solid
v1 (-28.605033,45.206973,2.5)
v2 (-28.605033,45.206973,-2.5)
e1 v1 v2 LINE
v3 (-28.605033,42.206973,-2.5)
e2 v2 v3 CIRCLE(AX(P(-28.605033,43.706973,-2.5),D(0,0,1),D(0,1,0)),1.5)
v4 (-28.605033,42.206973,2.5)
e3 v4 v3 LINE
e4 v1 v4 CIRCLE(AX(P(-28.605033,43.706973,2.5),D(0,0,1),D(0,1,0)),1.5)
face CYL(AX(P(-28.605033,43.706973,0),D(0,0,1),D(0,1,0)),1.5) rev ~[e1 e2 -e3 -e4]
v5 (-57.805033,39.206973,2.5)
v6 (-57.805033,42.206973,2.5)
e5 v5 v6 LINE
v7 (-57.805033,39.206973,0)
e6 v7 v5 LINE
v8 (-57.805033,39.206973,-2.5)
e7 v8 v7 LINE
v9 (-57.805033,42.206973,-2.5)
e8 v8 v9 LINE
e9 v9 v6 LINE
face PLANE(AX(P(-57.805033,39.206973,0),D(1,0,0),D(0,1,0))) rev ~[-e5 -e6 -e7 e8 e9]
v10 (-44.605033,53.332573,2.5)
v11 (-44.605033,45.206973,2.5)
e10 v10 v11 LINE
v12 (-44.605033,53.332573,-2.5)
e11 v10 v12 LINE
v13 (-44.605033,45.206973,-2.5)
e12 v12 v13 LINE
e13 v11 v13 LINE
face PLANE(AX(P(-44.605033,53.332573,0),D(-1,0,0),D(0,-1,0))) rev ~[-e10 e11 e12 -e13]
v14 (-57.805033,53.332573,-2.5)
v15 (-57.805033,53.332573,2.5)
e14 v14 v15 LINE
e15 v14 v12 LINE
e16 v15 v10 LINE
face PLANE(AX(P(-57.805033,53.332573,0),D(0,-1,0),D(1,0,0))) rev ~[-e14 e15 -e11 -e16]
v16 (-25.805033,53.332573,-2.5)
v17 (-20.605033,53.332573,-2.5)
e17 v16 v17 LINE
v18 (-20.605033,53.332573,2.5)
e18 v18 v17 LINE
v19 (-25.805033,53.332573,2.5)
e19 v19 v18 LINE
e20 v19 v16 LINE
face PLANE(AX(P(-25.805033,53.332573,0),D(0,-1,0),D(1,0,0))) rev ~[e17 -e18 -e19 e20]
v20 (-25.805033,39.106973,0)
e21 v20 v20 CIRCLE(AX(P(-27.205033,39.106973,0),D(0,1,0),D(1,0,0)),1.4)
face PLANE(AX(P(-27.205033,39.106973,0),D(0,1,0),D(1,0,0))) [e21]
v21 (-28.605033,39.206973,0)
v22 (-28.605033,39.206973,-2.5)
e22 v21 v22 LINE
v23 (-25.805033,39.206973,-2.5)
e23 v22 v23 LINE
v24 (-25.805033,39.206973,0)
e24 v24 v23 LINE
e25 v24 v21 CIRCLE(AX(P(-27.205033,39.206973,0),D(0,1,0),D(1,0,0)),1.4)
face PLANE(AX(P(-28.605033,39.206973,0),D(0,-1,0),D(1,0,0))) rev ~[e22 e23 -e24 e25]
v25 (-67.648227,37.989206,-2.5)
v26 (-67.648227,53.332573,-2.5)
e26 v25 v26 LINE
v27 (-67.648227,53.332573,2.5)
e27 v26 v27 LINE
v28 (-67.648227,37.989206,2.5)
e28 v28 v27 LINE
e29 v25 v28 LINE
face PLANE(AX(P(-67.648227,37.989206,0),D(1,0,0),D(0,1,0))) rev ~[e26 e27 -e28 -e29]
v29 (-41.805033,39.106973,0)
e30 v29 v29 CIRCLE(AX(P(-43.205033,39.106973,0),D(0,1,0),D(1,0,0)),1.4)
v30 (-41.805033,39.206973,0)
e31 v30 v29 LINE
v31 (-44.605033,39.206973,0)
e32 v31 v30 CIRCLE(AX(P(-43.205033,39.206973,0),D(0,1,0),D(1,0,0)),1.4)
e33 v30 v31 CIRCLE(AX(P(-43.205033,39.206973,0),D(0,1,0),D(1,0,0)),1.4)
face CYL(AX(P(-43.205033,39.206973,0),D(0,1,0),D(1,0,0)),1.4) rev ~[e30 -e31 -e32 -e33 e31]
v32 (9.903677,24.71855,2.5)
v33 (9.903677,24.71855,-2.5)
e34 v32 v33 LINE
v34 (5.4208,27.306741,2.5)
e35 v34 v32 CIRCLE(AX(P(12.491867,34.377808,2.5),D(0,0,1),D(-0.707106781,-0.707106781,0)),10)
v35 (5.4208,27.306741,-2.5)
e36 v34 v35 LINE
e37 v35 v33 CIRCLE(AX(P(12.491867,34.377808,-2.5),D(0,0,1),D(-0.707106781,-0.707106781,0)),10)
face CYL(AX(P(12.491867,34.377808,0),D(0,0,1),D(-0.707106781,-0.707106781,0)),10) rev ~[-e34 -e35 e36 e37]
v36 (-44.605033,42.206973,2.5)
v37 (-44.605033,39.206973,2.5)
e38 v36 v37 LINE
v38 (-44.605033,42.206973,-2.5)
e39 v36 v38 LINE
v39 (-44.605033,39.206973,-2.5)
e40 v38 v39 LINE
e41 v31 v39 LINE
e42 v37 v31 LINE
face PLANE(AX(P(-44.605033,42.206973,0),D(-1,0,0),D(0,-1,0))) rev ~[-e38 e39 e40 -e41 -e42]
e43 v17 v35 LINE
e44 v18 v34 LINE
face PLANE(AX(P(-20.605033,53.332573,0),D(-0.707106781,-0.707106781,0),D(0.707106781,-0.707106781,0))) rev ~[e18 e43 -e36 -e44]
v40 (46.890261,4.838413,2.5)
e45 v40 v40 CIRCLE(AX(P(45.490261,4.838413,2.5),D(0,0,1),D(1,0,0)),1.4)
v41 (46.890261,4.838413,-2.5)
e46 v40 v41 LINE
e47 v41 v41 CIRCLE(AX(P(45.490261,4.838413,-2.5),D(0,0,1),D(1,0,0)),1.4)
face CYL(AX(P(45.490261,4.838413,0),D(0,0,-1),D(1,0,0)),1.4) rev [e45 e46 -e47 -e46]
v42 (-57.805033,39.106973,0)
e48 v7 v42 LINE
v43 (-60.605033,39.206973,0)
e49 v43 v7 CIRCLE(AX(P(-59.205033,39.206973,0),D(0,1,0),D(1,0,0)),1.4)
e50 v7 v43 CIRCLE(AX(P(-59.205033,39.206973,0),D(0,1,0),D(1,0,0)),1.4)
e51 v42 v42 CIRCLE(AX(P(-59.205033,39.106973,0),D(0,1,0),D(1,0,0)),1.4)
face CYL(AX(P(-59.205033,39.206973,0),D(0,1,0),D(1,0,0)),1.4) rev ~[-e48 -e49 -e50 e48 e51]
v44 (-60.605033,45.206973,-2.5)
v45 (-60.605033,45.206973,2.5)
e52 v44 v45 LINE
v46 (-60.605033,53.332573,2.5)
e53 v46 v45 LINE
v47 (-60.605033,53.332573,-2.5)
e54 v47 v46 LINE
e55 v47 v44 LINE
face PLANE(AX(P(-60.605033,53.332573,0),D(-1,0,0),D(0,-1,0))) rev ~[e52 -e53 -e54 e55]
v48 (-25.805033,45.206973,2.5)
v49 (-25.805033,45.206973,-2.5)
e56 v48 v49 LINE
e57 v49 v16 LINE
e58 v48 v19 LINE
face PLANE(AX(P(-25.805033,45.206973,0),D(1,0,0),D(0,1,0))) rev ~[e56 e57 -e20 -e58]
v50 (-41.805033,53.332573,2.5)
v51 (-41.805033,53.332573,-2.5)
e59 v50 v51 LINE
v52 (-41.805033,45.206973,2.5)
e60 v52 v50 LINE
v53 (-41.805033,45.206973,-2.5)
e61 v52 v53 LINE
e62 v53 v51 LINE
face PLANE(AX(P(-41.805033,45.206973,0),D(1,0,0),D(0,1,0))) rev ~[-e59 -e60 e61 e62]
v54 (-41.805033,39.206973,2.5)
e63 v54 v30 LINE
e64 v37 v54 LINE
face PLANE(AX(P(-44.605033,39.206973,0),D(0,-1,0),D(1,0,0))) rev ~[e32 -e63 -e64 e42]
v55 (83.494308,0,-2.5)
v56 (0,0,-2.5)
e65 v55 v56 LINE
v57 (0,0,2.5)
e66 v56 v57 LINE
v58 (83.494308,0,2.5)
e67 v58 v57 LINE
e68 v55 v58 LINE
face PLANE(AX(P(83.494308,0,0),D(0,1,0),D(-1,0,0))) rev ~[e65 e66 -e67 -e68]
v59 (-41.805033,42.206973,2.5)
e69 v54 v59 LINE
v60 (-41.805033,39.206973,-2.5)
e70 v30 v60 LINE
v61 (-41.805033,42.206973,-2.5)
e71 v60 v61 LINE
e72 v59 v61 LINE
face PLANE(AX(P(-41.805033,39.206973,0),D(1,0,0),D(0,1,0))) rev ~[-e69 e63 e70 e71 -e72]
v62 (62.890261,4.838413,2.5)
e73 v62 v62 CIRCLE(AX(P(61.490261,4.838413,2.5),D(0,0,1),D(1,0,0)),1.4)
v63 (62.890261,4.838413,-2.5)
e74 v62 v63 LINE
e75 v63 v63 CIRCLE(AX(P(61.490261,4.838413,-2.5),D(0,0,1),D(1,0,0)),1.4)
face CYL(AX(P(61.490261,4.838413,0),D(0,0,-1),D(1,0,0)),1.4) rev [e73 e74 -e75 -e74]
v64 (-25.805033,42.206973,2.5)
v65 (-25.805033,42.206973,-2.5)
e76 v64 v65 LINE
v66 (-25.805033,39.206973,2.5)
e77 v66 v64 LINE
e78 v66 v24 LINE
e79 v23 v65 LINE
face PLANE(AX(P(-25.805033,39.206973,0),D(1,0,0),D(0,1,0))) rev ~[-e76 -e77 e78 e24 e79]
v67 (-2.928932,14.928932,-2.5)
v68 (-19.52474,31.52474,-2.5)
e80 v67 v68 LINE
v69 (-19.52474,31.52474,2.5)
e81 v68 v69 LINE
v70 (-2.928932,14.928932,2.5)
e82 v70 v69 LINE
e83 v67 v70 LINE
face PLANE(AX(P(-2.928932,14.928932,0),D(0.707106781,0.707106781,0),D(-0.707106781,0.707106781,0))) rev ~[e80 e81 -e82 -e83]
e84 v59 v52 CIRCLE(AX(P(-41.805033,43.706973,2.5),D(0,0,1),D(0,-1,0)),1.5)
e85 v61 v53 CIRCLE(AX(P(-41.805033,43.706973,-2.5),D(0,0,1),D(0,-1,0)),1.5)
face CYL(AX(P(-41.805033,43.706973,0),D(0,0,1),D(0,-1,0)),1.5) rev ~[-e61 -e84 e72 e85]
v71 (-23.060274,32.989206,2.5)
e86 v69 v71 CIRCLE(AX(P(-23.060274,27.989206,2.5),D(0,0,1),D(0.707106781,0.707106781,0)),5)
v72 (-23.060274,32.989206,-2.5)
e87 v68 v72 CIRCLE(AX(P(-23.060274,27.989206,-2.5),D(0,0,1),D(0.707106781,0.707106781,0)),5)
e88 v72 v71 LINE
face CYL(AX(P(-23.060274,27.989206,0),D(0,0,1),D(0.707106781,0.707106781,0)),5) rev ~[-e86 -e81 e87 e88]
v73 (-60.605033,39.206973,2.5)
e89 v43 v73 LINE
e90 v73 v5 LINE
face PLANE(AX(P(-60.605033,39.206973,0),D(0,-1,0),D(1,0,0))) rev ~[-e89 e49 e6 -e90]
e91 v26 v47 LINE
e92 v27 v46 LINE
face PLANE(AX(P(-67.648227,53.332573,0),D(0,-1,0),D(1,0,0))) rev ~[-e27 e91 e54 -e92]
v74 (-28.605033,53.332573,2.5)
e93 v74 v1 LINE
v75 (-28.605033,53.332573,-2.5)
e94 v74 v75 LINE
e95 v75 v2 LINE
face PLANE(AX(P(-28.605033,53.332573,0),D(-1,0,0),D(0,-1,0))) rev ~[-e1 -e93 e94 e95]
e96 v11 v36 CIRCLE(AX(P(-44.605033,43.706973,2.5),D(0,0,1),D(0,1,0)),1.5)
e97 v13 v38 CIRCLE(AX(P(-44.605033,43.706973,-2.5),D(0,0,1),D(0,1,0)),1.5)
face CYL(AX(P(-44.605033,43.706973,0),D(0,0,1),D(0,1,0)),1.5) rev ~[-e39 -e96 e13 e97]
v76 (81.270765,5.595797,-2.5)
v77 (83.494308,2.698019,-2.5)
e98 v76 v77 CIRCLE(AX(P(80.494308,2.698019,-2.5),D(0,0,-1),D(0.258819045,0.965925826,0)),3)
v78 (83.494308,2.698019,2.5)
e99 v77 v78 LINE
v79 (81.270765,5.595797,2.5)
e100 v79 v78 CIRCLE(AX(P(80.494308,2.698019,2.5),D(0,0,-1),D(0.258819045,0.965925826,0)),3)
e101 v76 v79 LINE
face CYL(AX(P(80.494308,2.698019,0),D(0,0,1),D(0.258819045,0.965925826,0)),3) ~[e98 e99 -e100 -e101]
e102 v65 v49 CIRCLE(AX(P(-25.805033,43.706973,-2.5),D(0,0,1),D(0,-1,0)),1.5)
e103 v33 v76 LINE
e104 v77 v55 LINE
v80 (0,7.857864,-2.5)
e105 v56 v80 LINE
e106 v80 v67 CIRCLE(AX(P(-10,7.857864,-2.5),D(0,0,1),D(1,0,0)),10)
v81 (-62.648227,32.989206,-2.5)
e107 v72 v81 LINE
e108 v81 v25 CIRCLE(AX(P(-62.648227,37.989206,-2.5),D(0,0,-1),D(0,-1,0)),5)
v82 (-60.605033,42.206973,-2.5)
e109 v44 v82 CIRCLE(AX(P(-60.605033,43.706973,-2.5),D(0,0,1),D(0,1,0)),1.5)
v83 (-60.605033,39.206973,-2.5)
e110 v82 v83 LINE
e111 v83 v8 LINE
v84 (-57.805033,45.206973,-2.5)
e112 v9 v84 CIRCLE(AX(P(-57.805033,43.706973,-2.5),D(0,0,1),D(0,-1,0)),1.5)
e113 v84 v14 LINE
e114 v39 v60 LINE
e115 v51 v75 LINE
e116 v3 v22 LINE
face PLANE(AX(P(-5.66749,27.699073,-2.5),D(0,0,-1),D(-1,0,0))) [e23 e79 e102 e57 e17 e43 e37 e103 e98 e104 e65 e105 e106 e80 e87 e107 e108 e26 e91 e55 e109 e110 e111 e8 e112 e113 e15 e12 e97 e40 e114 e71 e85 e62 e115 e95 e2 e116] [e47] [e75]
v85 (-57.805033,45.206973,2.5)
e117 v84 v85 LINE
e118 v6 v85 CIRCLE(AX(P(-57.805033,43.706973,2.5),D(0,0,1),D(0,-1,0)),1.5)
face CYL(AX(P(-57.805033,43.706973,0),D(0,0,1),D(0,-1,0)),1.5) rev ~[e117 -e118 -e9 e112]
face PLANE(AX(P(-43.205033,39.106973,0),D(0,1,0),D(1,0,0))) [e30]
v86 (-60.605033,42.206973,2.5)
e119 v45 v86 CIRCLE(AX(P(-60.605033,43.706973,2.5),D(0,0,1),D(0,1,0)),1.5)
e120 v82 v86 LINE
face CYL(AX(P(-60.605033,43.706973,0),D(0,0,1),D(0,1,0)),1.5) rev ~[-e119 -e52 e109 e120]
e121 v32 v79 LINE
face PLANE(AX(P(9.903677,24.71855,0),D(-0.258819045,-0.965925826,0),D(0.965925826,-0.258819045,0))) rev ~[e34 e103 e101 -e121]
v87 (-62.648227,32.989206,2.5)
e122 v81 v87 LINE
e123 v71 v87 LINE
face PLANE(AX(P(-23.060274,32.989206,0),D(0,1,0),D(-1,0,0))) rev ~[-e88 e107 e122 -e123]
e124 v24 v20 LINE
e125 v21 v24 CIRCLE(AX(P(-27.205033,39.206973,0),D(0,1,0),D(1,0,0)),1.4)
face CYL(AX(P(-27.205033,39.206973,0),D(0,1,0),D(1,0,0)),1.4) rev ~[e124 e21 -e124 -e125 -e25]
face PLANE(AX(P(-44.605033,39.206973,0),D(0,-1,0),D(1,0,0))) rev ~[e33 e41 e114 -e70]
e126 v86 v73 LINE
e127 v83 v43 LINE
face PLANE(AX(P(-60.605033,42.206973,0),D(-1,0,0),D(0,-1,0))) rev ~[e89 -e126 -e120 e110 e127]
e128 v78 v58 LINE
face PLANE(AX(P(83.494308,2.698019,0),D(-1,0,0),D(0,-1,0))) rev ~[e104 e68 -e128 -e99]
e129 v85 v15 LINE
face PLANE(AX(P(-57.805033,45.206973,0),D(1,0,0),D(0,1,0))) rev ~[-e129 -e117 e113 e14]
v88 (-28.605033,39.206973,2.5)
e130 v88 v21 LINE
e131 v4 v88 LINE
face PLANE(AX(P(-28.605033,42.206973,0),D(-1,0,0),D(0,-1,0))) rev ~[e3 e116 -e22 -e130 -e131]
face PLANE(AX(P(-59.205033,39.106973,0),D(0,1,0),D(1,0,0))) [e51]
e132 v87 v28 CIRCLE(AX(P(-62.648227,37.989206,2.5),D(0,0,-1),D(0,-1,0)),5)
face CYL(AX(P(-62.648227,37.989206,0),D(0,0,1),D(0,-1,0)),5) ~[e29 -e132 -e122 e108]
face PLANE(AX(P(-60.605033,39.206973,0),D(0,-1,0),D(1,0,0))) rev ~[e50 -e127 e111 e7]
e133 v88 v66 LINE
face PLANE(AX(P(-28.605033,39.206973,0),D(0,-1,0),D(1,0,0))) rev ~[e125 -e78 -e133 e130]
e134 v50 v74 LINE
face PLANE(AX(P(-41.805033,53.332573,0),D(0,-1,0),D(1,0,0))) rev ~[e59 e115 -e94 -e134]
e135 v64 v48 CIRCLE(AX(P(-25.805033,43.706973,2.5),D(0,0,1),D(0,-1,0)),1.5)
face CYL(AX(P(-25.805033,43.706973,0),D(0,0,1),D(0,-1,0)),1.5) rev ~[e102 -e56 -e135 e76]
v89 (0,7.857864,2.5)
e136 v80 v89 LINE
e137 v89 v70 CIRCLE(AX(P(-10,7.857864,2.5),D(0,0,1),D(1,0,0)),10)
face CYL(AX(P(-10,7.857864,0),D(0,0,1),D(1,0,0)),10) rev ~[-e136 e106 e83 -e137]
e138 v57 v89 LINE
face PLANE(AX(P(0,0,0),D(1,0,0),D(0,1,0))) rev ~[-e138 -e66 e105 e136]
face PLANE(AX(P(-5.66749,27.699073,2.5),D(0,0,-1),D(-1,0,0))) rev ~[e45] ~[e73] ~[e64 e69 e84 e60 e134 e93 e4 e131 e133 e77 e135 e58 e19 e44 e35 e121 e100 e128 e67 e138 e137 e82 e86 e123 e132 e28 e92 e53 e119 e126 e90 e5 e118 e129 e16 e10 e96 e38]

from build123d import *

# Parameters (mm, degrees)
SKETCH_1_R          = 1.4
EXTRUDE_1_DEPTH     = 2.5
SKETCH_2_R          = 1.4
CUT_EXTRUDE_1_DEPTH = 0.1


with BuildPart() as part:
    # 草图1 → 凸台-拉伸1 (new body, symmetric)
    with BuildSketch(Plane.XY):
        with BuildLine():
            Line((-57.805032963, 53.332573096), (-44.605032963, 53.332573096))
            Line((-44.605032963, 53.332573096), (-44.605032963, 45.206973096))
            ThreePointArc((-44.605032963, 45.206973096), (-46.105032963, 43.706973096), (-44.605032963, 42.206973096))
            Line((-44.605032963, 42.206973096), (-44.605032963, 39.206973096))
            Line((-44.605032963, 39.206973096), (-41.805032963, 39.206973096))
            Line((-41.805032963, 39.206973096), (-41.805032963, 42.206973096))
            ThreePointArc((-41.805032963, 42.206973096), (-40.305032963, 43.706973096), (-41.805032963, 45.206973096))
            Line((-41.805032963, 45.206973096), (-41.805032963, 53.332573096))
            Line((-41.805032963, 53.332573096), (-28.605032963, 53.332573096))
            Line((-28.605032963, 53.332573096), (-28.605032963, 45.206973096))
            ThreePointArc((-28.605032963, 45.206973096), (-30.105032963, 43.706973096), (-28.605032963, 42.206973096))
            Line((-28.605032963, 42.206973096), (-28.605032963, 39.206973096))
            Line((-28.605032963, 39.206973096), (-25.805032963, 39.206973096))
            Line((-25.805032963, 39.206973096), (-25.805032963, 42.206973096))
            ThreePointArc((-25.805032963, 42.206973096), (-24.305032963, 43.706973096), (-25.805032963, 45.206973096))
            Line((-25.805032963, 45.206973096), (-25.805032963, 53.332573096))
            Line((-25.805032963, 53.332573096), (-20.605032963, 53.332573096))
            Line((-20.605032963, 53.332573096), (5.420799629, 27.306740503))
            ThreePointArc((5.420799629, 27.306740503), (7.491867441, 25.717554277), (9.90367699, 24.718550052))
            Line((9.90367699, 24.718550052), (81.270764772, 5.595796515))
            ThreePointArc((81.270764772, 5.595796515), (82.874367658, 4.524303323), (83.494307637, 2.698019036))
            Line((83.494307637, 2.698019036), (83.494307637, 0))
            Line((83.494307637, 0), (0, 0))
            Line((0, 0), (0, 7.857864376))
            ThreePointArc((0, 7.857864376), (-0.761204675, 11.6846987), (-2.928932188, 14.928932188))
            Line((-2.928932188, 14.928932188), (-19.524740269, 31.524740269))
            ThreePointArc((-19.524740269, 31.524740269), (-21.146857013, 32.608604026), (-23.060274175, 32.989206363))
            Line((-23.060274175, 32.989206363), (-62.648227072, 32.989206363))
            ThreePointArc((-62.648227072, 32.989206363), (-66.183760977, 34.453672457), (-67.648227072, 37.989206363))
            Line((-67.648227072, 37.989206363), (-67.648227072, 53.332573096))
            Line((-67.648227072, 53.332573096), (-60.605032963, 53.332573096))
            Line((-60.605032963, 53.332573096), (-60.605032963, 45.206973096))
            ThreePointArc((-60.605032963, 45.206973096), (-62.105032963, 43.706973096), (-60.605032963, 42.206973096))
            Line((-60.605032963, 42.206973096), (-60.605032963, 39.206973096))
            Line((-60.605032963, 39.206973096), (-57.805032963, 39.206973096))
            Line((-57.805032963, 39.206973096), (-57.805032963, 42.206973096))
            ThreePointArc((-57.805032963, 42.206973096), (-56.305032963, 43.706973096), (-57.805032963, 45.206973096))
            Line((-57.805032963, 45.206973096), (-57.805032963, 53.332573096))
        make_face()
        with Locations((45.49026085, 4.838412731)):
            Circle(SKETCH_1_R, mode=Mode.SUBTRACT)
        with Locations((61.49026085, 4.838412731)):
            Circle(SKETCH_1_R, mode=Mode.SUBTRACT)
    extrude(amount=EXTRUDE_1_DEPTH, both=True)

    # 草图2 → 切除-拉伸1 (cut)
    with BuildSketch(Plane(origin=(0, 39.206973096, 0), x_dir=(1, 0, 0), z_dir=(0, 1, 0))):
        with Locations((-59.205032963, 0)):
            Circle(SKETCH_2_R)
        with Locations((-43.205032963, 0)):
            Circle(SKETCH_2_R)
        with Locations((-27.205032963, 0)):
            Circle(SKETCH_2_R)
    extrude(amount=-CUT_EXTRUDE_1_DEPTH, mode=Mode.SUBTRACT)


solid = part.part
